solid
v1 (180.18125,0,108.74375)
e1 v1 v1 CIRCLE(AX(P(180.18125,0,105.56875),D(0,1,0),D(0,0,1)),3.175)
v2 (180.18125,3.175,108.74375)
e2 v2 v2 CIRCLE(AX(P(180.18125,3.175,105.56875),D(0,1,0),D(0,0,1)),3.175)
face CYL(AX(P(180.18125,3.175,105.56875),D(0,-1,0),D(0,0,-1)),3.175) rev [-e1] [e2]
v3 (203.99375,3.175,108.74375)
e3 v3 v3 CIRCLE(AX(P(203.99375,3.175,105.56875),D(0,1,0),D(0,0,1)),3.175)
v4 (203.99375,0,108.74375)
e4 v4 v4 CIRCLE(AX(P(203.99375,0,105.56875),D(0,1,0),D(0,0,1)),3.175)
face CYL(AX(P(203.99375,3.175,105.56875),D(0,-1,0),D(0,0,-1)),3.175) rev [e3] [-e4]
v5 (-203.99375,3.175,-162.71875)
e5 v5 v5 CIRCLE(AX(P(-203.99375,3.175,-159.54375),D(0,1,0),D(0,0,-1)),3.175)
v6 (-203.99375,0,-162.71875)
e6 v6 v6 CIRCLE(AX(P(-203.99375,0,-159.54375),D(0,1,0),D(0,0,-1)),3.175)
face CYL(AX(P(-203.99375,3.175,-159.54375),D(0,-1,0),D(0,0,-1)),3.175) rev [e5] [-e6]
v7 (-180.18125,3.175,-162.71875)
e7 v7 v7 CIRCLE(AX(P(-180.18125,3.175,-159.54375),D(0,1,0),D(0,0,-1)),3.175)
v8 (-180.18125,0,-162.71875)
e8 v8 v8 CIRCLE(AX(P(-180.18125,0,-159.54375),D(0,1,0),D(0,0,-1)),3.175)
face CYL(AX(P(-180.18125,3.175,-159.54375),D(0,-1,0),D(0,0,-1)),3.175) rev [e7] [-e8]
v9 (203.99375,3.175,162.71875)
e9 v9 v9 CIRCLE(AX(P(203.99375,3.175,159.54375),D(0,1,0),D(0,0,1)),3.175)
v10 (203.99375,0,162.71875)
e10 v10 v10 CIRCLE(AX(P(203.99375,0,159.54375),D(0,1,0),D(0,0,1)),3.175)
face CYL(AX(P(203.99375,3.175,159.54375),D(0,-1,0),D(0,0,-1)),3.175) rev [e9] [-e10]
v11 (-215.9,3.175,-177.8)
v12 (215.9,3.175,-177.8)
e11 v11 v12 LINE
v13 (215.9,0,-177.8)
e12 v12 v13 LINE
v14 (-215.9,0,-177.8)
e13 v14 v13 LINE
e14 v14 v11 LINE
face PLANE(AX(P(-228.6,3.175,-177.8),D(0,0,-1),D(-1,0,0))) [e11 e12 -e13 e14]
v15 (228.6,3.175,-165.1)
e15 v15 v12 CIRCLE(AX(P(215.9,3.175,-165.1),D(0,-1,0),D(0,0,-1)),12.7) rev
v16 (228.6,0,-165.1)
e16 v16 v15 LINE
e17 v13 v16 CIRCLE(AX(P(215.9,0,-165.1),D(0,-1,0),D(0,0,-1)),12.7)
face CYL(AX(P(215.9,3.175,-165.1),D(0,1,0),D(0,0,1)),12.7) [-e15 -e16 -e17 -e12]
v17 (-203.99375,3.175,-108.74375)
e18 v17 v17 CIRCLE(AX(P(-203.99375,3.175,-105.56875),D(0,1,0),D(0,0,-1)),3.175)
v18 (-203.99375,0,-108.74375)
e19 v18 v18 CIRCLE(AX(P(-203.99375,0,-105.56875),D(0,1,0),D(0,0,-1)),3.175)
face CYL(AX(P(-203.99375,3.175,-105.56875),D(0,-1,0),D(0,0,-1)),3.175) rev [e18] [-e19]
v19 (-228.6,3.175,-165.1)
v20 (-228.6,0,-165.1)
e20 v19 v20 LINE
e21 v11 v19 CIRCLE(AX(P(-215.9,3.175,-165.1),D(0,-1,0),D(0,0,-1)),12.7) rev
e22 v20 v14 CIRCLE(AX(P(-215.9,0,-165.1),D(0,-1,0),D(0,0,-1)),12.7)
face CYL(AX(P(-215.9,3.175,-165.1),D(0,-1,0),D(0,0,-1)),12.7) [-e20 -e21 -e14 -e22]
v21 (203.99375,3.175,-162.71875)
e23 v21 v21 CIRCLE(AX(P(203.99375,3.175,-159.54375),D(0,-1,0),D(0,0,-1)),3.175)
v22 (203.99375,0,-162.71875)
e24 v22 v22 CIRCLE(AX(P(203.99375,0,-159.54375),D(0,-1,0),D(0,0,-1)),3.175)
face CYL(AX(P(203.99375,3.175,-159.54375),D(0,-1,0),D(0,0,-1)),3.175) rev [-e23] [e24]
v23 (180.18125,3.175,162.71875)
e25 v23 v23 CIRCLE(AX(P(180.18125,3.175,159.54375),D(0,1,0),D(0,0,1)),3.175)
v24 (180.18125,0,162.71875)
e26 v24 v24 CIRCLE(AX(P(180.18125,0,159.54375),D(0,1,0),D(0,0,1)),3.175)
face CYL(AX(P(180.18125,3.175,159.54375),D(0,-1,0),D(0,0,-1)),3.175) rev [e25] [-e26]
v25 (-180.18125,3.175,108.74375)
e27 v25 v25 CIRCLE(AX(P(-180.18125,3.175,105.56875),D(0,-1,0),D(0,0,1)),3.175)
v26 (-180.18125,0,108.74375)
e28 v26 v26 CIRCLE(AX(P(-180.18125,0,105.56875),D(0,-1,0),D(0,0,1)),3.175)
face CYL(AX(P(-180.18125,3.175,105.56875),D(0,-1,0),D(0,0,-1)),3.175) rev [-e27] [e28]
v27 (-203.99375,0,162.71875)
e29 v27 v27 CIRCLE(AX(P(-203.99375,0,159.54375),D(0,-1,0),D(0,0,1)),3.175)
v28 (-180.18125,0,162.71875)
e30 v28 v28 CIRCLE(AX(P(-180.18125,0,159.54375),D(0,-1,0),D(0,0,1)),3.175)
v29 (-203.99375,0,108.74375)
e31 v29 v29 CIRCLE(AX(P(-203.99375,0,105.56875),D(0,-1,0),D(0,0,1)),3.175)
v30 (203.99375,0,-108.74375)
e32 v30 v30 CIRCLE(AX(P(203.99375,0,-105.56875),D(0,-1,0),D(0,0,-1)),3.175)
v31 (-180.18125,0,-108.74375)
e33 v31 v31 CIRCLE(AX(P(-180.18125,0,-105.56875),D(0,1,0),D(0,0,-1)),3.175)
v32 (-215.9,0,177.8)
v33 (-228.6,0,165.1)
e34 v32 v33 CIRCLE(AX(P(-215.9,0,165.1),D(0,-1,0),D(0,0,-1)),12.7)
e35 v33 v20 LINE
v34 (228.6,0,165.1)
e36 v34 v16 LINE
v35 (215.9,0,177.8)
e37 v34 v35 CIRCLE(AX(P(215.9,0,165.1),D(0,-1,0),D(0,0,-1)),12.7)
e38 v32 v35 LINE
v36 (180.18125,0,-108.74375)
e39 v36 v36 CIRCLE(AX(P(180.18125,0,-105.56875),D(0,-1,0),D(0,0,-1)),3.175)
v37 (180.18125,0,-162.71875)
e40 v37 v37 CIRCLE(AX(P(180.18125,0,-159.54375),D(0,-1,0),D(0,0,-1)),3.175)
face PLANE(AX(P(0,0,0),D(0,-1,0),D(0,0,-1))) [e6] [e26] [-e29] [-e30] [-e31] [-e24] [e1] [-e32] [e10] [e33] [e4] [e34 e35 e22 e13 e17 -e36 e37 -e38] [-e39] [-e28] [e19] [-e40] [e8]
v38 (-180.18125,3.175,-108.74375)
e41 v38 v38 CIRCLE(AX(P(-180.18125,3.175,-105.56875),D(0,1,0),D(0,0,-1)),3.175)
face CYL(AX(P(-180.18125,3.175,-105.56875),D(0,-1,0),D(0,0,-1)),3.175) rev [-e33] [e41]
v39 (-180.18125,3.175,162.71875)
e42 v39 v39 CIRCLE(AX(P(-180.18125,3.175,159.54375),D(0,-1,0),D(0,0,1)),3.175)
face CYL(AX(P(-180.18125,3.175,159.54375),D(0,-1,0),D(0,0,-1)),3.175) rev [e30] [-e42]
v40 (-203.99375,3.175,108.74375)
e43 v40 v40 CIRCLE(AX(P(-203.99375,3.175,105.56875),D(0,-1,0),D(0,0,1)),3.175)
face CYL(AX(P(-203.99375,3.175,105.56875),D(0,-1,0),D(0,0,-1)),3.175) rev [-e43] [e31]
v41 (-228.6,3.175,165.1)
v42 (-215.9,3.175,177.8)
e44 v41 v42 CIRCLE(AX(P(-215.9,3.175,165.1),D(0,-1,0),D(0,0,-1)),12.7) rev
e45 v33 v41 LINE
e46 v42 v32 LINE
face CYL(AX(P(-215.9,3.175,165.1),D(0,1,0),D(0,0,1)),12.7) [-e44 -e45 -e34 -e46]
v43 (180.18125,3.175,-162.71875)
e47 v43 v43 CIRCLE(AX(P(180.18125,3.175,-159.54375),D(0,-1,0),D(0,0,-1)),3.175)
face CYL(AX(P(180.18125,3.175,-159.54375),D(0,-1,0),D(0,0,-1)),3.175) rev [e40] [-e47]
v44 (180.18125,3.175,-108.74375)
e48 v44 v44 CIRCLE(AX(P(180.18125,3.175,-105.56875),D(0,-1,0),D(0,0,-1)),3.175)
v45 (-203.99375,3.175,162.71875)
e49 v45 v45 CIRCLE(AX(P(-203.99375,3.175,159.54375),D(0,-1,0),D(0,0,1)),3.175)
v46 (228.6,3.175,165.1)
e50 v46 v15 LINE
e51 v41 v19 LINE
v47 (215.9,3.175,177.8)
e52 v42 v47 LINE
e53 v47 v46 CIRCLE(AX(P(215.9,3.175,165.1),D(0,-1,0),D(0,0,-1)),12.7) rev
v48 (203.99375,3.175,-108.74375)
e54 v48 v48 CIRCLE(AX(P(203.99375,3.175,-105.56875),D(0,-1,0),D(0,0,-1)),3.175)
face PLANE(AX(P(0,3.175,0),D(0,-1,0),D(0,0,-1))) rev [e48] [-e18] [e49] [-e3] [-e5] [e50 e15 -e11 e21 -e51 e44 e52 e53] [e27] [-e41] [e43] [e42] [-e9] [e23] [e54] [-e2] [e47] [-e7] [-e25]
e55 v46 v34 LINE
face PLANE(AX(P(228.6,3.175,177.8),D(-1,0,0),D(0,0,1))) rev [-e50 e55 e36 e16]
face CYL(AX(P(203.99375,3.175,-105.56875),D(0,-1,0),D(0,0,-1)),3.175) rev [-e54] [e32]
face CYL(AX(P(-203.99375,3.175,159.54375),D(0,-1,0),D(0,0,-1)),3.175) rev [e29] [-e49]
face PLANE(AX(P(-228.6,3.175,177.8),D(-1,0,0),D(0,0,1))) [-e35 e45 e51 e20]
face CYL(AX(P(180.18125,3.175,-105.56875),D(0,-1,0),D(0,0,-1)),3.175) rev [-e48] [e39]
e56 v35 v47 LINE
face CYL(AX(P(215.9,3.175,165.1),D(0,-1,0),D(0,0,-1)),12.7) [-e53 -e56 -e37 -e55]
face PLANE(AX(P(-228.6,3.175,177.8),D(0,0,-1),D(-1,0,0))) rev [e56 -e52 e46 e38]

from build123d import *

# Parameters (mm, degrees)
SKETCH1_W               = 457.2
SKETCH1_H               = 355.6
BOSS_EXTRUDE1_DEPTH     = 3.175
FILLET1_R               = 12.7
SKETCH3_R               = 3.175
CUT_EXTRUDE1_DEPTH      = 290.621961572
MIRROR2_COPY_1_SKETCH_R = 3.175
MIRROR2_COPY_1_DEPTH    = 290.621961572


with BuildPart() as part:
    # Sketch1 → Boss-Extrude1 (new body)
    with BuildSketch(Plane(origin=(0, 0, 0), x_dir=(1, 0, 0), z_dir=(0, 1, 0))):
        Rectangle(SKETCH1_W, SKETCH1_H)
    extrude(amount=BOSS_EXTRUDE1_DEPTH)

    # Fillet1
    fillet1_edges = [part.edges().sort_by_distance(p)[0] for p in [
        (-228.6, 1.5875, 177.8),
        (228.6, 1.5875, 177.8),
        (228.6, 1.5875, -177.8),
        (-228.6, 1.5875, -177.8),
    ]]
    fillet(fillet1_edges, radius=FILLET1_R)

    # Sketch3 → Cut-Extrude1 (cut, through all)
    with BuildSketch(Plane.XZ):
        with Locations(Location((180.18125, -159.54375, 0), (0, 0, 270))):
            Circle(SKETCH3_R)
        with Locations(Location((180.18125, -105.56875, 0), (0, 0, 270))):
            Circle(SKETCH3_R)
        with Locations(Location((203.99375, -159.54375, 0), (0, 0, 270))):
            Circle(SKETCH3_R)
        with Locations(Location((203.99375, -105.56875, 0), (0, 0, 270))):
            Circle(SKETCH3_R)
    cut_extrude1 = extrude(amount=-CUT_EXTRUDE1_DEPTH, mode=Mode.SUBTRACT)

    # Mirror1: Cut-Extrude1 across plane
    add(cut_extrude1.mirror(Plane.XY), mode=Mode.SUBTRACT)

    # Mirror2: Cut-Extrude1 across plane
    add(cut_extrude1.mirror(Plane(origin=(0, 0, 0), x_dir=(0, 0, 1), z_dir=(1, 0, 0))), mode=Mode.SUBTRACT)

    # Mirror2 copy 1 sketch → Mirror2 copy 1 (cut, through all)
    with BuildSketch(Plane(origin=(0, 0, 0), x_dir=(-1, 0, 0), z_dir=(0, -1, 0))):
        with Locations(Location((180.18125, -159.54375, 0), (0, 0, 270))):
            Circle(MIRROR2_COPY_1_SKETCH_R)
        with Locations(Location((180.18125, -105.56875, 0), (0, 0, 270))):
            Circle(MIRROR2_COPY_1_SKETCH_R)
        with Locations(Location((203.99375, -159.54375, 0), (0, 0, 270))):
            Circle(MIRROR2_COPY_1_SKETCH_R)
        with Locations(Location((203.99375, -105.56875, 0), (0, 0, 270))):
            Circle(MIRROR2_COPY_1_SKETCH_R)
    extrude(amount=-MIRROR2_COPY_1_DEPTH, mode=Mode.SUBTRACT)


solid = part.part
